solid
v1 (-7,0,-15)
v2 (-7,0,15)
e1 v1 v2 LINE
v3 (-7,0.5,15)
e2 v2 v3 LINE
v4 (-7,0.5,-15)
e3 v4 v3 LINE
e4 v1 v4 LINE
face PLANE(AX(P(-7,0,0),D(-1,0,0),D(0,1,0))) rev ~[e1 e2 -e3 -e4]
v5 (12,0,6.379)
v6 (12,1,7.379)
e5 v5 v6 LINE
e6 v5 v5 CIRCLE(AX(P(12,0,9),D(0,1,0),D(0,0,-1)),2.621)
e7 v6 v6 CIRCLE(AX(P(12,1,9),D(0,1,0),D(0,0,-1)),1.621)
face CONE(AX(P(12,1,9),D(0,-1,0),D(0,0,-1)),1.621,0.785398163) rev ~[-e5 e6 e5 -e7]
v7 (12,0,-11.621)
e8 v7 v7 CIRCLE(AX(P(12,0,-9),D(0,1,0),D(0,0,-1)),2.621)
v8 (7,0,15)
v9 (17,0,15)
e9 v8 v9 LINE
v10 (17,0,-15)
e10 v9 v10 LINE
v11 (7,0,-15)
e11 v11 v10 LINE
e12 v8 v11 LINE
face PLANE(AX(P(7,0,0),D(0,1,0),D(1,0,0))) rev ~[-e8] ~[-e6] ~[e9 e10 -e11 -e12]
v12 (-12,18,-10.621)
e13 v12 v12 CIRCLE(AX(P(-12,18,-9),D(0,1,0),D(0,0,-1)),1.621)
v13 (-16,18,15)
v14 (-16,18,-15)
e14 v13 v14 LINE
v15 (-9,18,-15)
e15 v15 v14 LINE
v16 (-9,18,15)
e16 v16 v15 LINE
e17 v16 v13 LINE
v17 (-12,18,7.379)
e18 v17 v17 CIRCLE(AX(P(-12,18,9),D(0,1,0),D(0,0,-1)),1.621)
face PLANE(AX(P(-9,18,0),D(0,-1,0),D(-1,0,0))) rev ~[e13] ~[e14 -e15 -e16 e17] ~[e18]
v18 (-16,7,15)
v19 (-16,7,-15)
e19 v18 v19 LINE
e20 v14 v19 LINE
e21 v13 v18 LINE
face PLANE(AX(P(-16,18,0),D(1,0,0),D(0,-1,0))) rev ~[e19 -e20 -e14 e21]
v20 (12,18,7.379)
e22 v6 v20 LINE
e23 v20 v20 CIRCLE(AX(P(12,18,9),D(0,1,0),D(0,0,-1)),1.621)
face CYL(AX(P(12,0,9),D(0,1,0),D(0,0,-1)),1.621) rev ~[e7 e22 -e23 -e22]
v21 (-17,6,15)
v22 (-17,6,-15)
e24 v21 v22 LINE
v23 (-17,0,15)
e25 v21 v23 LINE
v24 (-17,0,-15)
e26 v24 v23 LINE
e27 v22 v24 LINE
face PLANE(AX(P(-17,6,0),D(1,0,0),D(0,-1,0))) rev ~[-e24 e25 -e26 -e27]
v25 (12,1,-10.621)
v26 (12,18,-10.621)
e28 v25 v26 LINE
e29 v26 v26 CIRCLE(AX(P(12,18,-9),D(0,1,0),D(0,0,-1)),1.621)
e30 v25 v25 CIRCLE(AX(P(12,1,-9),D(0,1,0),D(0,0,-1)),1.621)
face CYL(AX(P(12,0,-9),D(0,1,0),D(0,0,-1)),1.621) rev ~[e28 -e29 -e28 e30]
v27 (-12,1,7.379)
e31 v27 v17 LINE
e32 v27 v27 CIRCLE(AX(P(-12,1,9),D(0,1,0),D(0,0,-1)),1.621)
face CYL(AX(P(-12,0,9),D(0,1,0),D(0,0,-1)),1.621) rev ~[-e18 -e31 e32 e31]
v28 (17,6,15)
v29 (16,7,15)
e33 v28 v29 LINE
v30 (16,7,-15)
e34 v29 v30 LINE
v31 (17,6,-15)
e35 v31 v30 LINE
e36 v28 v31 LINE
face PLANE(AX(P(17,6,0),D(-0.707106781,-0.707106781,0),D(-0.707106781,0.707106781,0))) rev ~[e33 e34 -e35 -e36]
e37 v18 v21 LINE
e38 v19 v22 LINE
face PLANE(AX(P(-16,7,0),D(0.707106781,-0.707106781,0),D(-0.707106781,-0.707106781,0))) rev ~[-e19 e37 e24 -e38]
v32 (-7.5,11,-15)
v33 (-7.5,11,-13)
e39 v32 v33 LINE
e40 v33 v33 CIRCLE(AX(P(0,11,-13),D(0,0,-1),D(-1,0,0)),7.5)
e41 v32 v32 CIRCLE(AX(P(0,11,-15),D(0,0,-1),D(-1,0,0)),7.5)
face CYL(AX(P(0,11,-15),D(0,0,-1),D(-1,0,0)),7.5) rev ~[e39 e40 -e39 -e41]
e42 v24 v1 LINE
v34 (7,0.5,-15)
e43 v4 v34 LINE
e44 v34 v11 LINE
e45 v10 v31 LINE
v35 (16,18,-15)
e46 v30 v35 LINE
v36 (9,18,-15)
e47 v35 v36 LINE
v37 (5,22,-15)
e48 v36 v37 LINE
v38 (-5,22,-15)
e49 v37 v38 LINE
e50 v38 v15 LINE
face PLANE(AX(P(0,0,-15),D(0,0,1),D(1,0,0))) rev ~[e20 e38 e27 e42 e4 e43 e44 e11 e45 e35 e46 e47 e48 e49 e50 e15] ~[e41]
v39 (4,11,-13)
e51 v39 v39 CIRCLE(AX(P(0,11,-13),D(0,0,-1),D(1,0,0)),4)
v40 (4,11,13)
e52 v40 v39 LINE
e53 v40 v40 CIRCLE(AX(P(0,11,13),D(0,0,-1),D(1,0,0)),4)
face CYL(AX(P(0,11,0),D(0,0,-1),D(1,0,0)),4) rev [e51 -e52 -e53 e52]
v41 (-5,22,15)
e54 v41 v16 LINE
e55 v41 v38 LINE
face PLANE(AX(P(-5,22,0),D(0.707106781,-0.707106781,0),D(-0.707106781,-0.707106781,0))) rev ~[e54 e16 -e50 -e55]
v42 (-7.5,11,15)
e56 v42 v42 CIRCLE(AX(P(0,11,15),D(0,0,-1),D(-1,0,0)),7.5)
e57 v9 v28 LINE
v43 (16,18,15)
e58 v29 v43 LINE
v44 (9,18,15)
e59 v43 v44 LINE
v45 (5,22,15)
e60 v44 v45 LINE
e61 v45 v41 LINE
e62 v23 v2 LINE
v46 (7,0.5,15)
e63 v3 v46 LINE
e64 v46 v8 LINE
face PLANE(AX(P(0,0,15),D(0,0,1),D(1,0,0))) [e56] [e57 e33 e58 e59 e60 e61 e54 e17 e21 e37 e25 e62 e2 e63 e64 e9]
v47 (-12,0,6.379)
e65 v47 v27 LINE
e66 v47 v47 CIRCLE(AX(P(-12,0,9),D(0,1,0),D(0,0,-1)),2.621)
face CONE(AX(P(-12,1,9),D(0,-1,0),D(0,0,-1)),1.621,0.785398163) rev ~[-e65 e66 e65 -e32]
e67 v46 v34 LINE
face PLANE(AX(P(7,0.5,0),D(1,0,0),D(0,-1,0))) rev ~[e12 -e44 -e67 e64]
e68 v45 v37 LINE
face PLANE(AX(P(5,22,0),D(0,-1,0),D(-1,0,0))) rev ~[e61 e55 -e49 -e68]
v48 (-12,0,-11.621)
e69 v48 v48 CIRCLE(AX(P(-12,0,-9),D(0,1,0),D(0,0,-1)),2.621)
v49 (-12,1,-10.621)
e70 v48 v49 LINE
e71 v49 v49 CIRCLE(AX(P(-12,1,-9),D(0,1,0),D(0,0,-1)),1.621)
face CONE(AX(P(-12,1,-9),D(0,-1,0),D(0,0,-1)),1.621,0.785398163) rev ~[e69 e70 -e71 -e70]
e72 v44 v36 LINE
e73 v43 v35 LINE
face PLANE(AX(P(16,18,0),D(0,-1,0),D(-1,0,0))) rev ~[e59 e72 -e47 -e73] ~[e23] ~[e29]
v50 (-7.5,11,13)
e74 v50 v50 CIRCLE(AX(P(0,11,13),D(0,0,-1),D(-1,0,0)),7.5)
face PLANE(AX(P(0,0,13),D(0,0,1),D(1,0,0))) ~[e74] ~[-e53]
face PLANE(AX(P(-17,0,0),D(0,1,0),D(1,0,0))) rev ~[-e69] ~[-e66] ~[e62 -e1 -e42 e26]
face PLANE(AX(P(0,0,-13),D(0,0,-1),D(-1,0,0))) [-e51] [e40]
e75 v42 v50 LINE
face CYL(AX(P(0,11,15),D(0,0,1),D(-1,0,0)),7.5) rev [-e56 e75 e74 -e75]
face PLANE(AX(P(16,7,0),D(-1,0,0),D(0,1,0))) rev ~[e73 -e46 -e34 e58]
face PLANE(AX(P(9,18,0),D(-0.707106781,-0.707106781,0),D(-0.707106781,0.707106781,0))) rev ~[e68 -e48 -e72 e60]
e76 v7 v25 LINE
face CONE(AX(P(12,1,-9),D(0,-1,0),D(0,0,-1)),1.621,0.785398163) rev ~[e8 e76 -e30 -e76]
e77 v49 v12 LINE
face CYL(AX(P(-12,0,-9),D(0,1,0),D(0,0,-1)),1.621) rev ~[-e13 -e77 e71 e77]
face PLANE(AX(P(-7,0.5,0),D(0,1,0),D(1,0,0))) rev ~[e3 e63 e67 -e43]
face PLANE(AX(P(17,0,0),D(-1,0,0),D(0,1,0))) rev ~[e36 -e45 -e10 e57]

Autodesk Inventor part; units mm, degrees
ref_plane "YZ Plane" through (0, 0, 0) normal (1, 0, 0) x (0, 1, 0)
ref_plane "XZ Plane" through (0, 0, 0) normal (0, 1, 0) x (-1, 0, 0)
ref_plane "XY Plane" through (0, 0, 0) normal (0, 0, 1) x (1, 0, 0)
sketch "Sketch1" plane through (0, 0, 0) normal (0, 0, 1) x (1, 0, 0)
  line L0 (-17, 0) -> (-7, 0)
  line L1 (-7, 0) -> (-7, 0.5)
  line L2 (-7, 0.5) -> (7, 0.5)
  line L3 (7, 0.5) -> (7, 0)
  line L4 (7, 0) -> (17, 0)
  line L5 (17, 0) -> (17, 6)
  line L6 (17, 6) -> (16, 7)
  line L7 (16, 7) -> (16, 18)
  line L8 (16, 18) -> (9, 18)
  line L9 (9, 18) -> (5, 22)
  line L10 (5, 22) -> (-5, 22)
  line L11 (-5, 22) -> (-9, 18)
  line L12 (-9, 18) -> (-16, 18)
  line L13 (-16, 18) -> (-16, 7)
  line L14 (-16, 7) -> (-17, 6)
  line L15 (-17, 6) -> (-17, 0)
  line L16 (-23.8, 0) -> (23.8, 0) construction
  line L17 (0, -4.4) -> (0, 26.4) construction
  circle A0 centre (0, 11) radius 4
  line L18 (-7, 0.5) -> (-7, 20) construction
  point P0 (0, 0)
  point P1 (0, 22)
  point P2 (0, 0.5)
  dimension "d0" = 34
  dimension "d1" = 14
  dimension "d2" = 6
  dimension "d3" = 18
  dimension "d5" = 11
  dimension "d6" = 8
  dimension "d7" = 0.5
  dimension "d8" = 45
  dimension "d9" = 45
  dimension "d10" = 1
  dimension "d11" = 1
  dimension "d12" = 6
  dimension "d13" = 45
  dimension "d33" = 22
extrude "Extrusion1" add sketch "Sketch1" along normal mid plane 30
sketch "Sketch2" plane through (0, 0, -15) normal (0, 0, -1) x (-1, 0, 0)
  circle A0 centre (0, 11) radius 4 projected
  circle A1 centre (0, 11) radius 7.5
  point P0 (0, 0)
  dimension "d17" = 15
extrude "Extrusion2" cut sketch "Sketch2" against normal blind 2
mirror "Mirror1" about plane through (0, 0, 0) normal (0, 0, 1) of "Extrusion2"
sketch "Sketch3" plane through (7, 0, 15) normal (0, -1, 0) x (1, 0, 0)
  line L0 (10, -30) -> (10, 0) construction
  line L1 (0, 0) -> (10, 0) construction
  line L2 (0, -30) -> (0, 0) construction
  line L3 (10, -30) -> (0, -30) construction
  line L4 (-14, -30) -> (-14, 0) construction
  line L5 (-24, 0) -> (-14, 0) construction
  line L6 (-24, 0) -> (-24, -30) construction
  line L7 (-14, -30) -> (-24, -30) construction
  line L8 (5, -6) -> (-19, -6) construction
  line L9 (-19, -6) -> (-19, -24) construction
  line L10 (-19, -24) -> (5, -24) construction
  line L11 (5, -24) -> (5, -6) construction
  line L12 (5, -6) -> (-19, -24) construction
  line L13 (-19, -6) -> (5, -24) construction
  point P0 (-7, -15)
  dimension "d21" = 18
  dimension "d29" = 24
hole "Hole1" at (12, 0, -9) at (-12, 0, -9) at (12, 0, 9) at (-12, 0, 9) direction (0, 1, 0) diameter 3.242 end through all thread size "M4x0.7" class "6H" standard "ISO Metric profile"
chamfer "Chamfer1" distance 1 angle 45 4 edges at (12, 0, 10.621) (12, 0, -7.379) (-12, 0, 10.621) (-12, 0, -7.379)
ref_plane "Work Plane1" through (0, 0, 0) normal (0, 0, 1) x (1, 0, 0)
equation "\"d9\" = d8"
equation "\"d11\" = d10"
equation "\"d12\" = d2"
properties part number "cojinete lineal"
